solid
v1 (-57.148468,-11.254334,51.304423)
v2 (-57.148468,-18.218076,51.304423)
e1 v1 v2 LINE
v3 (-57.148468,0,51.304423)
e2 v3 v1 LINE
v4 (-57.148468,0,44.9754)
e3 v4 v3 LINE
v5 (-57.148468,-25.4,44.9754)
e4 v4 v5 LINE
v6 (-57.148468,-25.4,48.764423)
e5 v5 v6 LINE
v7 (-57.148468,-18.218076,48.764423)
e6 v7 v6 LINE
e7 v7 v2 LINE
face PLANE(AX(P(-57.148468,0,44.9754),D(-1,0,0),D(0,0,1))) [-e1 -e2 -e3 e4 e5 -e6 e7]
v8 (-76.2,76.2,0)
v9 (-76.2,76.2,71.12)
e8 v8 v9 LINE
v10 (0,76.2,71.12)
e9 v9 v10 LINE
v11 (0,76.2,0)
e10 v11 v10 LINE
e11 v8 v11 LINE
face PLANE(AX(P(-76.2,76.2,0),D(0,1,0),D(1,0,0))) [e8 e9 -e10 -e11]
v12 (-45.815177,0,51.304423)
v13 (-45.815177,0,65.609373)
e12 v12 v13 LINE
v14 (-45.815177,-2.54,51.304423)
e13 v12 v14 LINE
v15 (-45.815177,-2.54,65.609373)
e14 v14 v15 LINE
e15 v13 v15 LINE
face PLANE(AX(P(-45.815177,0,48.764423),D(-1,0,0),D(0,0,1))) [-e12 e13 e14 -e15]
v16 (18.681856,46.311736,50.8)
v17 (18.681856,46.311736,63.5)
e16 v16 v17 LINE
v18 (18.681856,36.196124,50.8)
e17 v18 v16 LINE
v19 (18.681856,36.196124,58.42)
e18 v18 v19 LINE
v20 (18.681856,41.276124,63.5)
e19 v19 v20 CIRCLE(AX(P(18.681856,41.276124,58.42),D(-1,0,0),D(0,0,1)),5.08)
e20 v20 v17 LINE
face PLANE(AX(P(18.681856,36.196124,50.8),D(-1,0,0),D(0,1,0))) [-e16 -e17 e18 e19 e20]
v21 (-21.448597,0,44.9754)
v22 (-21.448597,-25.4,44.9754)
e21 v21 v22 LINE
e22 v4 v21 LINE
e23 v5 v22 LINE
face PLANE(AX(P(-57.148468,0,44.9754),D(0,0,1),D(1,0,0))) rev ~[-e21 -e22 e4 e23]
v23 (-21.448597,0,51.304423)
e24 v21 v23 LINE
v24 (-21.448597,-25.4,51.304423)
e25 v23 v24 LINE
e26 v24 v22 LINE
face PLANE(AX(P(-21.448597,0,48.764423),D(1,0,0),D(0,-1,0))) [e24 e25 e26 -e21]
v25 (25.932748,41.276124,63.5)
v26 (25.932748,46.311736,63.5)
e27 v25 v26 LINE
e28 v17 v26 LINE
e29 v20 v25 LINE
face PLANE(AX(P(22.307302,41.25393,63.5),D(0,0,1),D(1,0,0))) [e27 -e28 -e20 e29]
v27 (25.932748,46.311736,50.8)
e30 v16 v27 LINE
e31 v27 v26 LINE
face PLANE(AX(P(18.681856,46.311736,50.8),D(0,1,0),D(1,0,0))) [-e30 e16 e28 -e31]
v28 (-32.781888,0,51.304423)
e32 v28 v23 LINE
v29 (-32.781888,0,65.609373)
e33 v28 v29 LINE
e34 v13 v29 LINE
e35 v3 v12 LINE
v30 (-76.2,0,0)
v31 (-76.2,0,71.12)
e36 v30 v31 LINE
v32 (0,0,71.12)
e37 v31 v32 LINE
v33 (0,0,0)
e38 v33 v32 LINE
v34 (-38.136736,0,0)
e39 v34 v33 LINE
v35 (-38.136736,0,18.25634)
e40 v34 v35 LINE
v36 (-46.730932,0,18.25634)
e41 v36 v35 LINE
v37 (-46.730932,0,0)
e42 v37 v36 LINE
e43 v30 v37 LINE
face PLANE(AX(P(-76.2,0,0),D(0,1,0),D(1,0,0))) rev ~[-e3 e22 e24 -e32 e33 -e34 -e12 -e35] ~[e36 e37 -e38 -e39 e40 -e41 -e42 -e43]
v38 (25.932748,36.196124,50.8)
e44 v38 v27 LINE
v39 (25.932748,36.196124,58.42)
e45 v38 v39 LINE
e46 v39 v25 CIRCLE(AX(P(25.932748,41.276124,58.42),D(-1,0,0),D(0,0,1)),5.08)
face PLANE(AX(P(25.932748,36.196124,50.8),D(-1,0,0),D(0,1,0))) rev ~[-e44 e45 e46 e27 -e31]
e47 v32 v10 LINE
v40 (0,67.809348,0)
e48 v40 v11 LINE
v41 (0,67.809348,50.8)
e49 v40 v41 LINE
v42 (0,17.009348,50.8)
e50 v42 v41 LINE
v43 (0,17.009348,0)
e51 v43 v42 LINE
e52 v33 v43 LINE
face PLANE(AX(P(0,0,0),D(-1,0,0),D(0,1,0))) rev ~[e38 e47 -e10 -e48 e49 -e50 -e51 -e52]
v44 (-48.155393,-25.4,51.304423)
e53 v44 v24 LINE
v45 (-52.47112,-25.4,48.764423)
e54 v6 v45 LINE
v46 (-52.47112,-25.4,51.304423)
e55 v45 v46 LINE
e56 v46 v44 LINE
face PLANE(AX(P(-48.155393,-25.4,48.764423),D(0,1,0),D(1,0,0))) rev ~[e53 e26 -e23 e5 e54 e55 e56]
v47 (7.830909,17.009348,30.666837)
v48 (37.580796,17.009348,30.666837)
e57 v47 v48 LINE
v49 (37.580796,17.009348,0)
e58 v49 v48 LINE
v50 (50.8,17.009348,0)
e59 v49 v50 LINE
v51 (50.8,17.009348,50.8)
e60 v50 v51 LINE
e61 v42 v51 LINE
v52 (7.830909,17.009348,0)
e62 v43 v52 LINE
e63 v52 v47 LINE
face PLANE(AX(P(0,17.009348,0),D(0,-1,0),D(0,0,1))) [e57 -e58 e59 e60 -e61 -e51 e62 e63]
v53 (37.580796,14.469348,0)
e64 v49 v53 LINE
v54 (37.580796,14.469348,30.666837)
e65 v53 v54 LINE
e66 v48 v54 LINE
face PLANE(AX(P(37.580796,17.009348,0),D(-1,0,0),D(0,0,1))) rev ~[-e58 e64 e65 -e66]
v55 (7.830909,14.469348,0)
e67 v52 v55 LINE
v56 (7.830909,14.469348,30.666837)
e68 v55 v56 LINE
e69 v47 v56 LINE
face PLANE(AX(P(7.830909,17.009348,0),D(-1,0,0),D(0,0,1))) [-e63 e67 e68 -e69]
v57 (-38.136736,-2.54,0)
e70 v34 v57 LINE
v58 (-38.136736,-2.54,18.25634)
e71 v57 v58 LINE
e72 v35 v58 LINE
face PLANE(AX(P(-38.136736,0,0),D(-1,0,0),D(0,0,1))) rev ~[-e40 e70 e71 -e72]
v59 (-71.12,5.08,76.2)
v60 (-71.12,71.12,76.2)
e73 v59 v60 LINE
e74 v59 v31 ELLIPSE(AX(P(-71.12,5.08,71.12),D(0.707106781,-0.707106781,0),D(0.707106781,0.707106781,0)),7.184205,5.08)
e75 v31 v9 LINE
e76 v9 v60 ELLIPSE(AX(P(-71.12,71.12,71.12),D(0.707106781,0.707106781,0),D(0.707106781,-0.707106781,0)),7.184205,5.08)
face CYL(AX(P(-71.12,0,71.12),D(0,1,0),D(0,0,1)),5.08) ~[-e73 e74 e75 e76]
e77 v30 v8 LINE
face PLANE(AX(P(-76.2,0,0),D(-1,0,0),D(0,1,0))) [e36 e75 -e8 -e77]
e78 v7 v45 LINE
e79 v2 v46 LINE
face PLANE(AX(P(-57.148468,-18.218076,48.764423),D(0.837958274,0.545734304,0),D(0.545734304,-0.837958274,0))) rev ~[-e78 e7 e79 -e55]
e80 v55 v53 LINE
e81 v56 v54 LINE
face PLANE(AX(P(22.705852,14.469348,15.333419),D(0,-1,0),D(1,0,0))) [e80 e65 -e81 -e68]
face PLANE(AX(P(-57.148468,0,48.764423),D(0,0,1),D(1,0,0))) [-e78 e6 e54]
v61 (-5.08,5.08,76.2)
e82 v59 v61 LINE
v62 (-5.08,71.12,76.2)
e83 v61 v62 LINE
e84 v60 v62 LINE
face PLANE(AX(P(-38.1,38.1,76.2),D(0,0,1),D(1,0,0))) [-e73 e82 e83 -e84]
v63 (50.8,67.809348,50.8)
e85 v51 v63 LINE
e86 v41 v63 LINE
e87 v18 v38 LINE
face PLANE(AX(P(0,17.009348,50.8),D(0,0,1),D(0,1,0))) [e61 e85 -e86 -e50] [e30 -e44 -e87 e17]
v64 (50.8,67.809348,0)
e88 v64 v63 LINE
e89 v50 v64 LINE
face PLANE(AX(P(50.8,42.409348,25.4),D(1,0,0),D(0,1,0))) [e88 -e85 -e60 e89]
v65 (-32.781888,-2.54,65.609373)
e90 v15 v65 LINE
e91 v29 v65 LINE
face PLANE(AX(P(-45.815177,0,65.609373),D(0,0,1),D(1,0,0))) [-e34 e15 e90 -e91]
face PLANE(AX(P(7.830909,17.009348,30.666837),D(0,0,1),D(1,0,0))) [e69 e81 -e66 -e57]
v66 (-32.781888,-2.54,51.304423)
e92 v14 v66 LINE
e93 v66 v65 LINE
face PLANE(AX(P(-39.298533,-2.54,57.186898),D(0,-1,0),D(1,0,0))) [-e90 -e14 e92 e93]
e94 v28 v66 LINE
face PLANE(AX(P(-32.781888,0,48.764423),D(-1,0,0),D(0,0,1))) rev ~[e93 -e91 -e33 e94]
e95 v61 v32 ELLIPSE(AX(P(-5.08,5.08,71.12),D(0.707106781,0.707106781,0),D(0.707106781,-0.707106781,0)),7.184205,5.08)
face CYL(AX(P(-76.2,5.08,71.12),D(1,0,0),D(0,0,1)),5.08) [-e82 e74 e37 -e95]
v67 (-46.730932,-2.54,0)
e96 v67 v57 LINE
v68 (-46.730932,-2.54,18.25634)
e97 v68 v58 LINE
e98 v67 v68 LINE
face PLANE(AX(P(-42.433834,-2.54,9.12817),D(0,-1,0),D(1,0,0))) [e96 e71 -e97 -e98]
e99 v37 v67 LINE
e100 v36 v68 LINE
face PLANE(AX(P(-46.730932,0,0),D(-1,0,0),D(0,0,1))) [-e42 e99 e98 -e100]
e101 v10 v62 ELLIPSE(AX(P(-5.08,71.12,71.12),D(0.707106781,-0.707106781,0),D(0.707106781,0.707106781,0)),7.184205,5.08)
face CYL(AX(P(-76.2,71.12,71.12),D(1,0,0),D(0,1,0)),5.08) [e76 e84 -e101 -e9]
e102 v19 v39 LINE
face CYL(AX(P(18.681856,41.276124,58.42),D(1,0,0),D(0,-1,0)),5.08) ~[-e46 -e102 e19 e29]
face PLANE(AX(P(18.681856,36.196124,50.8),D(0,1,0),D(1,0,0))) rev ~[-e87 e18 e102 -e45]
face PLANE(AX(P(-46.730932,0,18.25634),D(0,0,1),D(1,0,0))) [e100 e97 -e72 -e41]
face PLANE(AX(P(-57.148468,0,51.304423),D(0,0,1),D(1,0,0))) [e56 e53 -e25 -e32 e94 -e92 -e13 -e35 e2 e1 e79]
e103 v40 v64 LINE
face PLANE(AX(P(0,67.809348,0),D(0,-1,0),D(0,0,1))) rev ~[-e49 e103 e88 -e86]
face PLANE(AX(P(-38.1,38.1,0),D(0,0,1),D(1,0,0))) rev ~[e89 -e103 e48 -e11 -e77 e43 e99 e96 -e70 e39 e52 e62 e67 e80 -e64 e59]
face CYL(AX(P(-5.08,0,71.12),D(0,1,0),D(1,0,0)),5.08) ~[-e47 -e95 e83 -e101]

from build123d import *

# Parameters (mm, degrees)
F0_W      = 76.2
F0_H      = 76.2
F1_DEPTH  = 76.2
F2_W      = 50.8
F2_H      = 50.8
F3_DEPTH  = 50.8
F4_W      = 7.2508919984
F4_H      = 10.1156122983
F5_DEPTH  = 12.7
F6_R      = 5.08
F7_W      = 8.5941962898
F7_H      = 18.2563401759
F8_DEPTH  = 2.54
F10_W     = 29.7498870641
F10_H     = 30.6668374687
F11_DEPTH = 2.54
F12_R     = 5.08
F13_W     = 35.6998704374
F13_H     = 3.7890225649
F14_DEPTH = 25.4
F16_W     = 13.0332894623
F16_H     = 16.8449506164
F17_DEPTH = 2.54
F18_DEPTH = 2.54
F19_DEPTH = 2.54


with BuildPart() as f1:
    # F0 (on Top) → F1 (new body)
    with BuildSketch(Plane.XY):
        with Locations((-38.1, 38.1)):
            Rectangle(F0_W, F0_H)
    extrude(amount=F1_DEPTH)

    # F2 (on face) → F3 (join)
    with BuildSketch(Plane.YZ):
        with Locations((42.4093476772, 25.4)):
            Rectangle(F2_W, F2_H)
    extrude(amount=F3_DEPTH)

    # F4 (on face) → F5 (join)
    with BuildSketch(Plane.XY.offset(50.8)):
        with Locations((22.3073018715, 41.2539299577)):
            Rectangle(F4_W, F4_H)
    extrude(amount=F5_DEPTH)

    # F6
    f6_edges = [f1.edges().sort_by_distance(p)[0] for p in [
        (22.307302, 36.196124, 63.5),
    ]]
    fillet(f6_edges, radius=F6_R)

    # F7 (on face) → F8 (join)
    with BuildSketch(Plane.XZ):
        with Locations((-42.4338337034, 9.1281700879)):
            Rectangle(F7_W, F7_H)
    extrude(amount=F8_DEPTH)

    # F10 (on face) → F11 (join)
    with BuildSketch(Plane.XZ.offset(-17.0093476772)):
        with Locations((22.7058520541, 15.3334187344)):
            Rectangle(F10_W, F10_H)
    extrude(amount=F11_DEPTH)

    # F12
    f12_edges = [f1.edges().sort_by_distance(p)[0] for p in [
        (-38.1, 0, 76.2),
        (0, 38.1, 76.2),
        (-38.1, 76.2, 76.2),
        (-76.2, 38.1, 76.2),
    ]]
    fillet(f12_edges, radius=F12_R)

    # F13 (on face) → F14 (join)
    with BuildSketch(Plane.XZ):
        with Locations((-39.2985325307, 46.8699112535)):
            Rectangle(F13_W, F13_H)
    extrude(amount=F14_DEPTH)

    # F16 (on face) → F17 (join)
    with BuildSketch(Plane.XZ):
        with Locations((-39.2985325307, 57.1868978441)):
            Rectangle(F16_W, F16_H)
    extrude(amount=F17_DEPTH)

    # F15 (on face) → F18 (join)
    with BuildSketch(Plane.XY.offset(48.7644225359)):
        Polygon((-57.1484677494, -18.2180759441), (-52.4711199105, -25.4), (-48.1553934515, -25.4), (-57.1484677494, -11.2543340924), align=None)
    extrude(amount=F18_DEPTH)

    # F19 (add): a face of the model
    f19_faces = [f1.faces().sort_by_distance(p)[0] for p in [
        (-38.1323314504, -12.5401378745, 48.7644225359),
    ]]
    extrude(f19_faces, amount=F19_DEPTH)


solid = f1.part
